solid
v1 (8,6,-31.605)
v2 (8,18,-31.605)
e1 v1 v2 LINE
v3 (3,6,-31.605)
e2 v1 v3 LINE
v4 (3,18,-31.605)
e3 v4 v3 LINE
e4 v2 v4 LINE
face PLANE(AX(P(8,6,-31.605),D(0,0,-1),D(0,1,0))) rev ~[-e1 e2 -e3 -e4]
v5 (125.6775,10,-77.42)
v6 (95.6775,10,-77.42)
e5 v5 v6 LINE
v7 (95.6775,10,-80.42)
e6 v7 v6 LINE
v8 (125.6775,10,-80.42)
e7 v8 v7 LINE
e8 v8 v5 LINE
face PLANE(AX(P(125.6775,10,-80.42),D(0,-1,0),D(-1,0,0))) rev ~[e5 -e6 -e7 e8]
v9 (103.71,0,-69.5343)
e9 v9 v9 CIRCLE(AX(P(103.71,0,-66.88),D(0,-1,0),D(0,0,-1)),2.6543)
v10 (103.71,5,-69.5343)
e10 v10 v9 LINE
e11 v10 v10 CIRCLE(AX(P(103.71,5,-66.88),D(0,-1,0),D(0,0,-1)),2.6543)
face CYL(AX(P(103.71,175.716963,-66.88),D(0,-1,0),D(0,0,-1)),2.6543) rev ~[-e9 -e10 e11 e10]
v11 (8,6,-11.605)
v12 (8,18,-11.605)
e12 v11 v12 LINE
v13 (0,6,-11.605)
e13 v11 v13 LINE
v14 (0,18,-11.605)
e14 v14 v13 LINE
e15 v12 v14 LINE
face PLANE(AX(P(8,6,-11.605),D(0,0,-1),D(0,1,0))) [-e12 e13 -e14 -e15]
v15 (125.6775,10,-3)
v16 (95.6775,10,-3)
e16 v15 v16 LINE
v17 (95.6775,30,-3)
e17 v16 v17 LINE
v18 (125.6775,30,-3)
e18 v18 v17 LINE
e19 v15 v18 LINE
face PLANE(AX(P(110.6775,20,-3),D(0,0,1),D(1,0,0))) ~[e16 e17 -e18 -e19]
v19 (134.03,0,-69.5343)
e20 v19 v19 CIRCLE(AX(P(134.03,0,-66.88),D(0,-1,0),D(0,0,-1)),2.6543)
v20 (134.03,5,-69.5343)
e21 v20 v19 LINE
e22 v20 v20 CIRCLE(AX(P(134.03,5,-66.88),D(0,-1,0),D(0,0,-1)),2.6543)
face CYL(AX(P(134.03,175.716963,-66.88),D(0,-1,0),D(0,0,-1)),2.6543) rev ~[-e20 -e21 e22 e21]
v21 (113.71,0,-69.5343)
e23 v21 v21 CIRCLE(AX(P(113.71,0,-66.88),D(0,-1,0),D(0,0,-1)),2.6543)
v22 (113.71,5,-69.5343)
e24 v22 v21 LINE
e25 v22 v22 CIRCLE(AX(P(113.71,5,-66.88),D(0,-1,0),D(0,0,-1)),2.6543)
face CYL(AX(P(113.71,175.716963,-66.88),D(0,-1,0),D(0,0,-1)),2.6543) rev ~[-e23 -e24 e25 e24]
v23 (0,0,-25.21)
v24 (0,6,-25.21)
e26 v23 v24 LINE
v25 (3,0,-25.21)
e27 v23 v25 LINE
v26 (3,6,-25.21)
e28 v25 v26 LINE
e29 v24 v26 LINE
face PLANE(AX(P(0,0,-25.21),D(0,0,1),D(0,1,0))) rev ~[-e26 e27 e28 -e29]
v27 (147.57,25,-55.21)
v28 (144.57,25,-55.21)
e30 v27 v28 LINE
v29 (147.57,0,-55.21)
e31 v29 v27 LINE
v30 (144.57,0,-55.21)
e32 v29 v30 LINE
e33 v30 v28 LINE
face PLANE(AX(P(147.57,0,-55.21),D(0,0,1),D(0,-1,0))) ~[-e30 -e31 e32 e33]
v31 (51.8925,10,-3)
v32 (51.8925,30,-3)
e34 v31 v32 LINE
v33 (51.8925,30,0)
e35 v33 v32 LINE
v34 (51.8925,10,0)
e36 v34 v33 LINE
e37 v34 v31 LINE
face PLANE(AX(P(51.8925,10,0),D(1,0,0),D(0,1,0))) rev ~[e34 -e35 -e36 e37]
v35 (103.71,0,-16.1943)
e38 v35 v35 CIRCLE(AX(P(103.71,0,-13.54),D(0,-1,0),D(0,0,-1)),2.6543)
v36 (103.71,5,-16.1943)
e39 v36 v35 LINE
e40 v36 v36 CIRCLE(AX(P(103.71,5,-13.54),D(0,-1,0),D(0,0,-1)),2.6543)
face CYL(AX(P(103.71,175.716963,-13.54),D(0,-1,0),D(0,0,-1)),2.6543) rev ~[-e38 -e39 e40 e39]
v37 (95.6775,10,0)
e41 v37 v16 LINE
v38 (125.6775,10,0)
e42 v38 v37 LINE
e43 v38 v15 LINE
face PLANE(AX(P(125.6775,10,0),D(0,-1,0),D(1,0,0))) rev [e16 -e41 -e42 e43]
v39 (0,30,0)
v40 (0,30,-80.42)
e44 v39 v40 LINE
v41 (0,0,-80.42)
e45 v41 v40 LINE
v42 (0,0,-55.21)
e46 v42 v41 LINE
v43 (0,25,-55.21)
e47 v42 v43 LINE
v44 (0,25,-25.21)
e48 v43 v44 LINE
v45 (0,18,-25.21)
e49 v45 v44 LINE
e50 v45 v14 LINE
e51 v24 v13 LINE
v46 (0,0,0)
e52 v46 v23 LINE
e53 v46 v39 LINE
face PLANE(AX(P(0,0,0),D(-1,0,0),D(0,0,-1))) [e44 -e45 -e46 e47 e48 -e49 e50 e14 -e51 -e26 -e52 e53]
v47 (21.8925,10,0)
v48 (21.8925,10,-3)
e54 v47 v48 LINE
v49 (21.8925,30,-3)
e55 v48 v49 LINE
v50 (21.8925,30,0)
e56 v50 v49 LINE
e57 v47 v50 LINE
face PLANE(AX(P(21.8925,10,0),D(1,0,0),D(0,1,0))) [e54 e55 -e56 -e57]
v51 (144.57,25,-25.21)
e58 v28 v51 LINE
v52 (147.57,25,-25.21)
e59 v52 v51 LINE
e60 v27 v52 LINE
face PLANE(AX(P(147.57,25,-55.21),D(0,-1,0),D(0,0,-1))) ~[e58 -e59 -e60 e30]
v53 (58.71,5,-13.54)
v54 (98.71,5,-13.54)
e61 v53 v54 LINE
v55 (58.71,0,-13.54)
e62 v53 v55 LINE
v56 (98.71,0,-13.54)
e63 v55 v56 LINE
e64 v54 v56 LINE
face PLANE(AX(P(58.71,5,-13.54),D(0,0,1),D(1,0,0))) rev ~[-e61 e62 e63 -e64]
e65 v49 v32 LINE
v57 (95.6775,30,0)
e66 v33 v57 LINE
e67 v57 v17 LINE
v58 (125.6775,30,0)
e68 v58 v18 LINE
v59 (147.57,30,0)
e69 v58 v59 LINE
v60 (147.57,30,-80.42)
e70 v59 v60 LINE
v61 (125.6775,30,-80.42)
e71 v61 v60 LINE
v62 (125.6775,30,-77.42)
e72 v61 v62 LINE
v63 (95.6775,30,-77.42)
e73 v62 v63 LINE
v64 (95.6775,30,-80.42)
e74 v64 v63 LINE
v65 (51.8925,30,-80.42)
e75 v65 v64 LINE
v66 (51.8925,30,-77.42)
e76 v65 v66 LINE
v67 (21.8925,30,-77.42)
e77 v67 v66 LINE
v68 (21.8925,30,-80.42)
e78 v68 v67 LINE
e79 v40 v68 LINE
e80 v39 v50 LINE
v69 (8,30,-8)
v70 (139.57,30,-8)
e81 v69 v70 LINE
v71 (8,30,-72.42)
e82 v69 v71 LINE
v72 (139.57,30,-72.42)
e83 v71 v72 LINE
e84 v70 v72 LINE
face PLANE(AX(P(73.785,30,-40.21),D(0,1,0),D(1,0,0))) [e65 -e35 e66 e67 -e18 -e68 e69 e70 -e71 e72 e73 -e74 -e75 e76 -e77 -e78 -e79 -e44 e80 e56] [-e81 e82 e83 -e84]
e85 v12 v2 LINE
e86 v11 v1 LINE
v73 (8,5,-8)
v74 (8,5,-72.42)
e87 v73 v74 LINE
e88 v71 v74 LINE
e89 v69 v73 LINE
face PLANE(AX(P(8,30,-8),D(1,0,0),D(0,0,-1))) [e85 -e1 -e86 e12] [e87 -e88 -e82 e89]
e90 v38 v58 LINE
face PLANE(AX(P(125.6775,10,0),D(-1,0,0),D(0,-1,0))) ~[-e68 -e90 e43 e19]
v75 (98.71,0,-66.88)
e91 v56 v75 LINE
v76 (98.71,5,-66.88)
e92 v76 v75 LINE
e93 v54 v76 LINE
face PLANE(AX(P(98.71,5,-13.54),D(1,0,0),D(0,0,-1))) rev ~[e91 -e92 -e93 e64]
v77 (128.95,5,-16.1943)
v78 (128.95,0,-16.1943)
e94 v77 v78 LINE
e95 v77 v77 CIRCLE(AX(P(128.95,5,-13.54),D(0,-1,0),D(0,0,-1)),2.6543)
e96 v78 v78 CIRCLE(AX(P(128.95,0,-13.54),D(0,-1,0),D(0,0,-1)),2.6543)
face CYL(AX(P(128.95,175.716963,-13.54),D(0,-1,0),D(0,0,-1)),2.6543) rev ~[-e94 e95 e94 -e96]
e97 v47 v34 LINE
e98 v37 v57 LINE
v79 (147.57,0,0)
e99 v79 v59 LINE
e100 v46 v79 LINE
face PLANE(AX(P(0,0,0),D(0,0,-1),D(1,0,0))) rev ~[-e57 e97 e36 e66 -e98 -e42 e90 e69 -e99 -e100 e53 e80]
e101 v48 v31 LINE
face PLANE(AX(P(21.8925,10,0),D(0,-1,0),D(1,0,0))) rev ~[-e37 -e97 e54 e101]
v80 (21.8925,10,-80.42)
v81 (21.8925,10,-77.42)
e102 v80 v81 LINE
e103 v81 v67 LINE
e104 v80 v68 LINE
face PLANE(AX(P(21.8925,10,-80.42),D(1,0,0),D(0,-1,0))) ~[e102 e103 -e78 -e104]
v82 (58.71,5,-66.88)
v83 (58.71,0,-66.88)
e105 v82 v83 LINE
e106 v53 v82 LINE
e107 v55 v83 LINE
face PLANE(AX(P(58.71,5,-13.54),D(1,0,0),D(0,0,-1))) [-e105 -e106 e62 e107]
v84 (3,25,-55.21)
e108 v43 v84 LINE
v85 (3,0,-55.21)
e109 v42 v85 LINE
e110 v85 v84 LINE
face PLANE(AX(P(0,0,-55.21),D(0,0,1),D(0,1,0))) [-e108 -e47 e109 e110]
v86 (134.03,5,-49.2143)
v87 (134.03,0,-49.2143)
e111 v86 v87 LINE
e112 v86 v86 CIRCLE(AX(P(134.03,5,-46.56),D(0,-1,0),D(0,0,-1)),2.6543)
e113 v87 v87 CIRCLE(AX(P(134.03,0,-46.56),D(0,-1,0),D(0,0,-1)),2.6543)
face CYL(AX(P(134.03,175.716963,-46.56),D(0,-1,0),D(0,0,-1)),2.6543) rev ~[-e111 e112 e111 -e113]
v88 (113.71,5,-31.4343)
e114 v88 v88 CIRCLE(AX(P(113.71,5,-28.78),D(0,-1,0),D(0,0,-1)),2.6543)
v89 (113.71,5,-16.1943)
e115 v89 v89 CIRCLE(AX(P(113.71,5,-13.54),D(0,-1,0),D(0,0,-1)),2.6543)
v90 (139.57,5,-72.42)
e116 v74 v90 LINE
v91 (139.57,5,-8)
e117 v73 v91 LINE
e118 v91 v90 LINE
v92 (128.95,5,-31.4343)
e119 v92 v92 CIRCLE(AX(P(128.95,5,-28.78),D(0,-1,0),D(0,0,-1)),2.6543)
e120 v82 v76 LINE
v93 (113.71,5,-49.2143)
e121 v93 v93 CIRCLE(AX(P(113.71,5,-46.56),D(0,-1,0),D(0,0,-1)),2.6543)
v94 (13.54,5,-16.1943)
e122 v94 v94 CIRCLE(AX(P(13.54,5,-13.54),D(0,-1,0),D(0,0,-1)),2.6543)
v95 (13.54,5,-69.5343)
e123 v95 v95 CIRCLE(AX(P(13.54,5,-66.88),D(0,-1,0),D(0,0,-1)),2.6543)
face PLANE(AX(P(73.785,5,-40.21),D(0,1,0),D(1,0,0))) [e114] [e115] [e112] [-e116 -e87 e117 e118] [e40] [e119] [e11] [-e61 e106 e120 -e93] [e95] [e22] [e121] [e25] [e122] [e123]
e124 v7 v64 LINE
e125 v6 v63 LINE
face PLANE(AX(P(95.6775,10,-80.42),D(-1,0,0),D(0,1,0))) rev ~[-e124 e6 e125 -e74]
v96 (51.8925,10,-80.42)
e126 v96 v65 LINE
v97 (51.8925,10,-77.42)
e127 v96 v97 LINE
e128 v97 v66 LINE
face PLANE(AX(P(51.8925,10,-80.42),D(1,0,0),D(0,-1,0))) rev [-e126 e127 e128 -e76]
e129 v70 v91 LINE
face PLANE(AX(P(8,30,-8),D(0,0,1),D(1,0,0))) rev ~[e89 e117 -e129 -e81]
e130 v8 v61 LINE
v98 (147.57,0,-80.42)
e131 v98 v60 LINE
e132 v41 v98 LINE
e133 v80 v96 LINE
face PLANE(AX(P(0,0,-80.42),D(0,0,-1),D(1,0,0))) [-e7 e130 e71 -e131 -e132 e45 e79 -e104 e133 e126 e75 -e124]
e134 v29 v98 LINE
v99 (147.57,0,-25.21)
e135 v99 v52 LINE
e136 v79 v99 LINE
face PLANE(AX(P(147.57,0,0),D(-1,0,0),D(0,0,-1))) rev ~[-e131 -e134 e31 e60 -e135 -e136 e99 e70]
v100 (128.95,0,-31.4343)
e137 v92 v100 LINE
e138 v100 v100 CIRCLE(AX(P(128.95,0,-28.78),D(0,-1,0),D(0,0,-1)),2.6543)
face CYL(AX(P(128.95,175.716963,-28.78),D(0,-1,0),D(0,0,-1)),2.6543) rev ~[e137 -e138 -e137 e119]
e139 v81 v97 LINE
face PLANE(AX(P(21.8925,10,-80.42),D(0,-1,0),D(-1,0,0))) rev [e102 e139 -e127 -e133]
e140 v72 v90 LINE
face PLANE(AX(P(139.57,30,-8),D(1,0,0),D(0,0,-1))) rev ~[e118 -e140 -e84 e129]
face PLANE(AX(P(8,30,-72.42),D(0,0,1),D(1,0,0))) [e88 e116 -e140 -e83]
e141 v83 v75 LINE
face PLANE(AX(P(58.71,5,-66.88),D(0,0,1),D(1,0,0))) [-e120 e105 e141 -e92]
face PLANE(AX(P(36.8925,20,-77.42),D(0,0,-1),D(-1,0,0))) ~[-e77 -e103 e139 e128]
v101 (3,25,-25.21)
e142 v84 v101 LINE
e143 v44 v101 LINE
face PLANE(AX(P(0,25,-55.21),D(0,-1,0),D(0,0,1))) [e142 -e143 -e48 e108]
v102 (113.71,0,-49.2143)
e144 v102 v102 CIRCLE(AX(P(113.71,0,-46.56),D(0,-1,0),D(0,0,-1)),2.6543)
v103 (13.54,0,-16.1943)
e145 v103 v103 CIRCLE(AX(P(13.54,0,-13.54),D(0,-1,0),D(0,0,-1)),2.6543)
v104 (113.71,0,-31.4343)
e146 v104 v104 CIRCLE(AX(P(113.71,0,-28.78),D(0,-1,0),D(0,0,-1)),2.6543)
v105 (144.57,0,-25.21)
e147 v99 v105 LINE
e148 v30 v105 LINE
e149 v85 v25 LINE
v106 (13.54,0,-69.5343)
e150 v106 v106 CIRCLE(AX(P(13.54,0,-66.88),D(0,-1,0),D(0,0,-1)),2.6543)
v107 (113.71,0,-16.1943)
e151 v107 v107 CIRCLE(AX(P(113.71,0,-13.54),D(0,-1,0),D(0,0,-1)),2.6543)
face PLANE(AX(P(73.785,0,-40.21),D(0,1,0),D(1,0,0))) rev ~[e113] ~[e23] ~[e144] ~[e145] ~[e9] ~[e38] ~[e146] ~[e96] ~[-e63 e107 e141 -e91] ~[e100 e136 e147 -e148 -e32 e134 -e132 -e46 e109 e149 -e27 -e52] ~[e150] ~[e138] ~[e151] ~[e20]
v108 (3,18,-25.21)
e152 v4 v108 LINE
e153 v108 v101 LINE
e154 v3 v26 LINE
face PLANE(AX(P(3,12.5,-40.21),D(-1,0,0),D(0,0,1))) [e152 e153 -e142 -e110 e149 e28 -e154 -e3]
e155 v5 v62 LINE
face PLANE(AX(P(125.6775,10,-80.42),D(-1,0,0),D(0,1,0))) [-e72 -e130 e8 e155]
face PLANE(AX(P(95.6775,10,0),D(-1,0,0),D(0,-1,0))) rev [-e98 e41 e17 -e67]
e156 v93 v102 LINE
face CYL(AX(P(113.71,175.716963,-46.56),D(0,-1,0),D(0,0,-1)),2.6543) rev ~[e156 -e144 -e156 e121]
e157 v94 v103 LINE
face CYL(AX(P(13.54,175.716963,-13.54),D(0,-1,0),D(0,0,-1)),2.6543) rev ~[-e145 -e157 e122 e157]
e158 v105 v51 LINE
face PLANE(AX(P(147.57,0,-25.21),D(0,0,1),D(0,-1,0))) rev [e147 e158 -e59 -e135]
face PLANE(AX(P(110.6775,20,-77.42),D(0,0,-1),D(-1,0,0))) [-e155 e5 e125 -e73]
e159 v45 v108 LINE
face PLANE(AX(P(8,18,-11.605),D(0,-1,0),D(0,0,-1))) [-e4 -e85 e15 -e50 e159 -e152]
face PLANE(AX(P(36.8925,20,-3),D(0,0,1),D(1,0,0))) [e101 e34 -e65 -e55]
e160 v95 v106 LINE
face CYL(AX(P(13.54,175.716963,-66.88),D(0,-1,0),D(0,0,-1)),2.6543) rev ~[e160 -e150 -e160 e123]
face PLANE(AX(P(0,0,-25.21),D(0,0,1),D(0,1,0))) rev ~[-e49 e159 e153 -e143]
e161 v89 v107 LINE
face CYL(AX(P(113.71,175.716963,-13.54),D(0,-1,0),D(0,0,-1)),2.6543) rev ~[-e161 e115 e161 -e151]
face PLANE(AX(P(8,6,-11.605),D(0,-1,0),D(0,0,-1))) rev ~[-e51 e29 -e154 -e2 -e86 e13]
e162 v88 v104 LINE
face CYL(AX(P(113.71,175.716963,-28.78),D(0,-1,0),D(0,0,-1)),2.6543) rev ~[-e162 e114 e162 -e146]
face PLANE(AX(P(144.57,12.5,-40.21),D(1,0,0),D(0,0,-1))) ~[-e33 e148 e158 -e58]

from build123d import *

# Parameters (mm, degrees)
SKETCH1_W                  = 147.57
SKETCH1_H                  = 80.42
BOSS_EXTRUDE1_DEPTH        = 30
SKETCH2_W                  = 131.57
SKETCH2_H                  = 64.42
CUT_EXTRUDE1_DEPTH         = 25
F_4_0_209_DIAMETER_HOLE1_D = 5.3086
SKETCH13_W                 = 30
SKETCH13_H                 = 20
CUT_EXTRUDE3_DEPTH         = 3
MIRROR3_COPY_1_SKETCH_W    = 30
MIRROR3_COPY_1_SKETCH_H    = 20
MIRROR3_COPY_1_DEPTH       = 3
SKETCH19_W                 = 30
SKETCH19_H                 = 25
CUT_EXTRUDE4_DEPTH         = 3
SKETCH25_W                 = 40
SKETCH25_H                 = 53.34
CUT_EXTRUDE5_DEPTH         = 170.909626861
SKETCH30_W                 = 20
SKETCH30_H                 = 12
CUT_EXTRUDE7_DEPTH         = 164.851033869


with BuildPart() as part:
    # Sketch1 → Boss-Extrude1 (new body)
    with BuildSketch(Plane(origin=(0, 0, 0), x_dir=(1, 0, 0), z_dir=(0, 1, 0))):
        with Locations((73.785, 40.21)):
            Rectangle(SKETCH1_W, SKETCH1_H)
    extrude(amount=BOSS_EXTRUDE1_DEPTH)

    # Sketch2 → Cut-Extrude1 (cut)
    with BuildSketch(Plane(origin=(0, 30, 0), x_dir=(1, 0, 0), z_dir=(0, 1, 0))):
        with Locations((73.785, 40.21)):
            Rectangle(SKETCH2_W, SKETCH2_H)
    extrude(amount=-CUT_EXTRUDE1_DEPTH, mode=Mode.SUBTRACT)

    # #4 (0.209) Diameter Hole1 (through all)
    with Locations(Plane(origin=(13.54, 5, -66.88), x_dir=(0, 0, 1), z_dir=(0, 1, 0))):
        with Locations((0, 0), (53.34, 0), (53.34, 90.17), (53.34, 100.17), (38.1, 100.17), (38.1, 115.41), (53.34, 115.41), (20.32, 120.49), (0, 120.49), (0, 100.17), (20.32, 100.17), (0, 90.17)):
            Hole(F_4_0_209_DIAMETER_HOLE1_D / 2)

    # Sketch13 → Cut-Extrude3 (cut)
    with BuildSketch(Plane(origin=(0, 0, -80.42), x_dir=(-1, 0, 0), z_dir=(0, 0, -1))):
        with Locations((-110.6775, 20)):
            Rectangle(SKETCH13_W, SKETCH13_H)
    cut_extrude3 = extrude(amount=-CUT_EXTRUDE3_DEPTH, mode=Mode.SUBTRACT)

    # Mirror2: Cut-Extrude3 across plane
    add(cut_extrude3.mirror(Plane(origin=(73.785, 0, 0), x_dir=(0, 0, 1), z_dir=(1, 0, 0))), mode=Mode.SUBTRACT)

    # Mirror3: Cut-Extrude3 across plane
    add(cut_extrude3.mirror(Plane(origin=(0, 0, -40.21), x_dir=(1, 0, 0), z_dir=(0, 0, -1))), mode=Mode.SUBTRACT)

    # Mirror3 copy 1 sketch → Mirror3 copy 1 (cut)
    with BuildSketch(Plane(origin=(147.57, 0, 0), x_dir=(1, 0, 0), z_dir=(0, 0, 1))):
        with Locations((-110.6775, 20)):
            Rectangle(MIRROR3_COPY_1_SKETCH_W, MIRROR3_COPY_1_SKETCH_H)
    extrude(amount=-MIRROR3_COPY_1_DEPTH, mode=Mode.SUBTRACT)

    # Sketch19 → Cut-Extrude4 (cut)
    with BuildSketch(Plane.ZY):
        with Locations((-40.21, 12.5)):
            Rectangle(SKETCH19_W, SKETCH19_H)
    cut_extrude4 = extrude(amount=-CUT_EXTRUDE4_DEPTH, mode=Mode.SUBTRACT)

    # Mirror7: Cut-Extrude4 across plane
    add(cut_extrude4.mirror(Plane(origin=(73.785, 0, 0), x_dir=(0, 0, 1), z_dir=(1, 0, 0))), mode=Mode.SUBTRACT)

    # Sketch25 → Cut-Extrude5 (cut, through all)
    with BuildSketch(Plane(origin=(0, 5, 0), x_dir=(1, 0, 0), z_dir=(0, 1, 0))):
        with Locations((78.71, 40.21)):
            Rectangle(SKETCH25_W, SKETCH25_H)
    extrude(amount=-CUT_EXTRUDE5_DEPTH, mode=Mode.SUBTRACT)

    # Sketch30 → Cut-Extrude7 (cut, through all)
    with BuildSketch(Plane(origin=(8, 0, 0), x_dir=(0, 0, -1), z_dir=(1, 0, 0))):
        with Locations((21.605, 12)):
            Rectangle(SKETCH30_W, SKETCH30_H)
    extrude(amount=-CUT_EXTRUDE7_DEPTH, mode=Mode.SUBTRACT)


solid = part.part
